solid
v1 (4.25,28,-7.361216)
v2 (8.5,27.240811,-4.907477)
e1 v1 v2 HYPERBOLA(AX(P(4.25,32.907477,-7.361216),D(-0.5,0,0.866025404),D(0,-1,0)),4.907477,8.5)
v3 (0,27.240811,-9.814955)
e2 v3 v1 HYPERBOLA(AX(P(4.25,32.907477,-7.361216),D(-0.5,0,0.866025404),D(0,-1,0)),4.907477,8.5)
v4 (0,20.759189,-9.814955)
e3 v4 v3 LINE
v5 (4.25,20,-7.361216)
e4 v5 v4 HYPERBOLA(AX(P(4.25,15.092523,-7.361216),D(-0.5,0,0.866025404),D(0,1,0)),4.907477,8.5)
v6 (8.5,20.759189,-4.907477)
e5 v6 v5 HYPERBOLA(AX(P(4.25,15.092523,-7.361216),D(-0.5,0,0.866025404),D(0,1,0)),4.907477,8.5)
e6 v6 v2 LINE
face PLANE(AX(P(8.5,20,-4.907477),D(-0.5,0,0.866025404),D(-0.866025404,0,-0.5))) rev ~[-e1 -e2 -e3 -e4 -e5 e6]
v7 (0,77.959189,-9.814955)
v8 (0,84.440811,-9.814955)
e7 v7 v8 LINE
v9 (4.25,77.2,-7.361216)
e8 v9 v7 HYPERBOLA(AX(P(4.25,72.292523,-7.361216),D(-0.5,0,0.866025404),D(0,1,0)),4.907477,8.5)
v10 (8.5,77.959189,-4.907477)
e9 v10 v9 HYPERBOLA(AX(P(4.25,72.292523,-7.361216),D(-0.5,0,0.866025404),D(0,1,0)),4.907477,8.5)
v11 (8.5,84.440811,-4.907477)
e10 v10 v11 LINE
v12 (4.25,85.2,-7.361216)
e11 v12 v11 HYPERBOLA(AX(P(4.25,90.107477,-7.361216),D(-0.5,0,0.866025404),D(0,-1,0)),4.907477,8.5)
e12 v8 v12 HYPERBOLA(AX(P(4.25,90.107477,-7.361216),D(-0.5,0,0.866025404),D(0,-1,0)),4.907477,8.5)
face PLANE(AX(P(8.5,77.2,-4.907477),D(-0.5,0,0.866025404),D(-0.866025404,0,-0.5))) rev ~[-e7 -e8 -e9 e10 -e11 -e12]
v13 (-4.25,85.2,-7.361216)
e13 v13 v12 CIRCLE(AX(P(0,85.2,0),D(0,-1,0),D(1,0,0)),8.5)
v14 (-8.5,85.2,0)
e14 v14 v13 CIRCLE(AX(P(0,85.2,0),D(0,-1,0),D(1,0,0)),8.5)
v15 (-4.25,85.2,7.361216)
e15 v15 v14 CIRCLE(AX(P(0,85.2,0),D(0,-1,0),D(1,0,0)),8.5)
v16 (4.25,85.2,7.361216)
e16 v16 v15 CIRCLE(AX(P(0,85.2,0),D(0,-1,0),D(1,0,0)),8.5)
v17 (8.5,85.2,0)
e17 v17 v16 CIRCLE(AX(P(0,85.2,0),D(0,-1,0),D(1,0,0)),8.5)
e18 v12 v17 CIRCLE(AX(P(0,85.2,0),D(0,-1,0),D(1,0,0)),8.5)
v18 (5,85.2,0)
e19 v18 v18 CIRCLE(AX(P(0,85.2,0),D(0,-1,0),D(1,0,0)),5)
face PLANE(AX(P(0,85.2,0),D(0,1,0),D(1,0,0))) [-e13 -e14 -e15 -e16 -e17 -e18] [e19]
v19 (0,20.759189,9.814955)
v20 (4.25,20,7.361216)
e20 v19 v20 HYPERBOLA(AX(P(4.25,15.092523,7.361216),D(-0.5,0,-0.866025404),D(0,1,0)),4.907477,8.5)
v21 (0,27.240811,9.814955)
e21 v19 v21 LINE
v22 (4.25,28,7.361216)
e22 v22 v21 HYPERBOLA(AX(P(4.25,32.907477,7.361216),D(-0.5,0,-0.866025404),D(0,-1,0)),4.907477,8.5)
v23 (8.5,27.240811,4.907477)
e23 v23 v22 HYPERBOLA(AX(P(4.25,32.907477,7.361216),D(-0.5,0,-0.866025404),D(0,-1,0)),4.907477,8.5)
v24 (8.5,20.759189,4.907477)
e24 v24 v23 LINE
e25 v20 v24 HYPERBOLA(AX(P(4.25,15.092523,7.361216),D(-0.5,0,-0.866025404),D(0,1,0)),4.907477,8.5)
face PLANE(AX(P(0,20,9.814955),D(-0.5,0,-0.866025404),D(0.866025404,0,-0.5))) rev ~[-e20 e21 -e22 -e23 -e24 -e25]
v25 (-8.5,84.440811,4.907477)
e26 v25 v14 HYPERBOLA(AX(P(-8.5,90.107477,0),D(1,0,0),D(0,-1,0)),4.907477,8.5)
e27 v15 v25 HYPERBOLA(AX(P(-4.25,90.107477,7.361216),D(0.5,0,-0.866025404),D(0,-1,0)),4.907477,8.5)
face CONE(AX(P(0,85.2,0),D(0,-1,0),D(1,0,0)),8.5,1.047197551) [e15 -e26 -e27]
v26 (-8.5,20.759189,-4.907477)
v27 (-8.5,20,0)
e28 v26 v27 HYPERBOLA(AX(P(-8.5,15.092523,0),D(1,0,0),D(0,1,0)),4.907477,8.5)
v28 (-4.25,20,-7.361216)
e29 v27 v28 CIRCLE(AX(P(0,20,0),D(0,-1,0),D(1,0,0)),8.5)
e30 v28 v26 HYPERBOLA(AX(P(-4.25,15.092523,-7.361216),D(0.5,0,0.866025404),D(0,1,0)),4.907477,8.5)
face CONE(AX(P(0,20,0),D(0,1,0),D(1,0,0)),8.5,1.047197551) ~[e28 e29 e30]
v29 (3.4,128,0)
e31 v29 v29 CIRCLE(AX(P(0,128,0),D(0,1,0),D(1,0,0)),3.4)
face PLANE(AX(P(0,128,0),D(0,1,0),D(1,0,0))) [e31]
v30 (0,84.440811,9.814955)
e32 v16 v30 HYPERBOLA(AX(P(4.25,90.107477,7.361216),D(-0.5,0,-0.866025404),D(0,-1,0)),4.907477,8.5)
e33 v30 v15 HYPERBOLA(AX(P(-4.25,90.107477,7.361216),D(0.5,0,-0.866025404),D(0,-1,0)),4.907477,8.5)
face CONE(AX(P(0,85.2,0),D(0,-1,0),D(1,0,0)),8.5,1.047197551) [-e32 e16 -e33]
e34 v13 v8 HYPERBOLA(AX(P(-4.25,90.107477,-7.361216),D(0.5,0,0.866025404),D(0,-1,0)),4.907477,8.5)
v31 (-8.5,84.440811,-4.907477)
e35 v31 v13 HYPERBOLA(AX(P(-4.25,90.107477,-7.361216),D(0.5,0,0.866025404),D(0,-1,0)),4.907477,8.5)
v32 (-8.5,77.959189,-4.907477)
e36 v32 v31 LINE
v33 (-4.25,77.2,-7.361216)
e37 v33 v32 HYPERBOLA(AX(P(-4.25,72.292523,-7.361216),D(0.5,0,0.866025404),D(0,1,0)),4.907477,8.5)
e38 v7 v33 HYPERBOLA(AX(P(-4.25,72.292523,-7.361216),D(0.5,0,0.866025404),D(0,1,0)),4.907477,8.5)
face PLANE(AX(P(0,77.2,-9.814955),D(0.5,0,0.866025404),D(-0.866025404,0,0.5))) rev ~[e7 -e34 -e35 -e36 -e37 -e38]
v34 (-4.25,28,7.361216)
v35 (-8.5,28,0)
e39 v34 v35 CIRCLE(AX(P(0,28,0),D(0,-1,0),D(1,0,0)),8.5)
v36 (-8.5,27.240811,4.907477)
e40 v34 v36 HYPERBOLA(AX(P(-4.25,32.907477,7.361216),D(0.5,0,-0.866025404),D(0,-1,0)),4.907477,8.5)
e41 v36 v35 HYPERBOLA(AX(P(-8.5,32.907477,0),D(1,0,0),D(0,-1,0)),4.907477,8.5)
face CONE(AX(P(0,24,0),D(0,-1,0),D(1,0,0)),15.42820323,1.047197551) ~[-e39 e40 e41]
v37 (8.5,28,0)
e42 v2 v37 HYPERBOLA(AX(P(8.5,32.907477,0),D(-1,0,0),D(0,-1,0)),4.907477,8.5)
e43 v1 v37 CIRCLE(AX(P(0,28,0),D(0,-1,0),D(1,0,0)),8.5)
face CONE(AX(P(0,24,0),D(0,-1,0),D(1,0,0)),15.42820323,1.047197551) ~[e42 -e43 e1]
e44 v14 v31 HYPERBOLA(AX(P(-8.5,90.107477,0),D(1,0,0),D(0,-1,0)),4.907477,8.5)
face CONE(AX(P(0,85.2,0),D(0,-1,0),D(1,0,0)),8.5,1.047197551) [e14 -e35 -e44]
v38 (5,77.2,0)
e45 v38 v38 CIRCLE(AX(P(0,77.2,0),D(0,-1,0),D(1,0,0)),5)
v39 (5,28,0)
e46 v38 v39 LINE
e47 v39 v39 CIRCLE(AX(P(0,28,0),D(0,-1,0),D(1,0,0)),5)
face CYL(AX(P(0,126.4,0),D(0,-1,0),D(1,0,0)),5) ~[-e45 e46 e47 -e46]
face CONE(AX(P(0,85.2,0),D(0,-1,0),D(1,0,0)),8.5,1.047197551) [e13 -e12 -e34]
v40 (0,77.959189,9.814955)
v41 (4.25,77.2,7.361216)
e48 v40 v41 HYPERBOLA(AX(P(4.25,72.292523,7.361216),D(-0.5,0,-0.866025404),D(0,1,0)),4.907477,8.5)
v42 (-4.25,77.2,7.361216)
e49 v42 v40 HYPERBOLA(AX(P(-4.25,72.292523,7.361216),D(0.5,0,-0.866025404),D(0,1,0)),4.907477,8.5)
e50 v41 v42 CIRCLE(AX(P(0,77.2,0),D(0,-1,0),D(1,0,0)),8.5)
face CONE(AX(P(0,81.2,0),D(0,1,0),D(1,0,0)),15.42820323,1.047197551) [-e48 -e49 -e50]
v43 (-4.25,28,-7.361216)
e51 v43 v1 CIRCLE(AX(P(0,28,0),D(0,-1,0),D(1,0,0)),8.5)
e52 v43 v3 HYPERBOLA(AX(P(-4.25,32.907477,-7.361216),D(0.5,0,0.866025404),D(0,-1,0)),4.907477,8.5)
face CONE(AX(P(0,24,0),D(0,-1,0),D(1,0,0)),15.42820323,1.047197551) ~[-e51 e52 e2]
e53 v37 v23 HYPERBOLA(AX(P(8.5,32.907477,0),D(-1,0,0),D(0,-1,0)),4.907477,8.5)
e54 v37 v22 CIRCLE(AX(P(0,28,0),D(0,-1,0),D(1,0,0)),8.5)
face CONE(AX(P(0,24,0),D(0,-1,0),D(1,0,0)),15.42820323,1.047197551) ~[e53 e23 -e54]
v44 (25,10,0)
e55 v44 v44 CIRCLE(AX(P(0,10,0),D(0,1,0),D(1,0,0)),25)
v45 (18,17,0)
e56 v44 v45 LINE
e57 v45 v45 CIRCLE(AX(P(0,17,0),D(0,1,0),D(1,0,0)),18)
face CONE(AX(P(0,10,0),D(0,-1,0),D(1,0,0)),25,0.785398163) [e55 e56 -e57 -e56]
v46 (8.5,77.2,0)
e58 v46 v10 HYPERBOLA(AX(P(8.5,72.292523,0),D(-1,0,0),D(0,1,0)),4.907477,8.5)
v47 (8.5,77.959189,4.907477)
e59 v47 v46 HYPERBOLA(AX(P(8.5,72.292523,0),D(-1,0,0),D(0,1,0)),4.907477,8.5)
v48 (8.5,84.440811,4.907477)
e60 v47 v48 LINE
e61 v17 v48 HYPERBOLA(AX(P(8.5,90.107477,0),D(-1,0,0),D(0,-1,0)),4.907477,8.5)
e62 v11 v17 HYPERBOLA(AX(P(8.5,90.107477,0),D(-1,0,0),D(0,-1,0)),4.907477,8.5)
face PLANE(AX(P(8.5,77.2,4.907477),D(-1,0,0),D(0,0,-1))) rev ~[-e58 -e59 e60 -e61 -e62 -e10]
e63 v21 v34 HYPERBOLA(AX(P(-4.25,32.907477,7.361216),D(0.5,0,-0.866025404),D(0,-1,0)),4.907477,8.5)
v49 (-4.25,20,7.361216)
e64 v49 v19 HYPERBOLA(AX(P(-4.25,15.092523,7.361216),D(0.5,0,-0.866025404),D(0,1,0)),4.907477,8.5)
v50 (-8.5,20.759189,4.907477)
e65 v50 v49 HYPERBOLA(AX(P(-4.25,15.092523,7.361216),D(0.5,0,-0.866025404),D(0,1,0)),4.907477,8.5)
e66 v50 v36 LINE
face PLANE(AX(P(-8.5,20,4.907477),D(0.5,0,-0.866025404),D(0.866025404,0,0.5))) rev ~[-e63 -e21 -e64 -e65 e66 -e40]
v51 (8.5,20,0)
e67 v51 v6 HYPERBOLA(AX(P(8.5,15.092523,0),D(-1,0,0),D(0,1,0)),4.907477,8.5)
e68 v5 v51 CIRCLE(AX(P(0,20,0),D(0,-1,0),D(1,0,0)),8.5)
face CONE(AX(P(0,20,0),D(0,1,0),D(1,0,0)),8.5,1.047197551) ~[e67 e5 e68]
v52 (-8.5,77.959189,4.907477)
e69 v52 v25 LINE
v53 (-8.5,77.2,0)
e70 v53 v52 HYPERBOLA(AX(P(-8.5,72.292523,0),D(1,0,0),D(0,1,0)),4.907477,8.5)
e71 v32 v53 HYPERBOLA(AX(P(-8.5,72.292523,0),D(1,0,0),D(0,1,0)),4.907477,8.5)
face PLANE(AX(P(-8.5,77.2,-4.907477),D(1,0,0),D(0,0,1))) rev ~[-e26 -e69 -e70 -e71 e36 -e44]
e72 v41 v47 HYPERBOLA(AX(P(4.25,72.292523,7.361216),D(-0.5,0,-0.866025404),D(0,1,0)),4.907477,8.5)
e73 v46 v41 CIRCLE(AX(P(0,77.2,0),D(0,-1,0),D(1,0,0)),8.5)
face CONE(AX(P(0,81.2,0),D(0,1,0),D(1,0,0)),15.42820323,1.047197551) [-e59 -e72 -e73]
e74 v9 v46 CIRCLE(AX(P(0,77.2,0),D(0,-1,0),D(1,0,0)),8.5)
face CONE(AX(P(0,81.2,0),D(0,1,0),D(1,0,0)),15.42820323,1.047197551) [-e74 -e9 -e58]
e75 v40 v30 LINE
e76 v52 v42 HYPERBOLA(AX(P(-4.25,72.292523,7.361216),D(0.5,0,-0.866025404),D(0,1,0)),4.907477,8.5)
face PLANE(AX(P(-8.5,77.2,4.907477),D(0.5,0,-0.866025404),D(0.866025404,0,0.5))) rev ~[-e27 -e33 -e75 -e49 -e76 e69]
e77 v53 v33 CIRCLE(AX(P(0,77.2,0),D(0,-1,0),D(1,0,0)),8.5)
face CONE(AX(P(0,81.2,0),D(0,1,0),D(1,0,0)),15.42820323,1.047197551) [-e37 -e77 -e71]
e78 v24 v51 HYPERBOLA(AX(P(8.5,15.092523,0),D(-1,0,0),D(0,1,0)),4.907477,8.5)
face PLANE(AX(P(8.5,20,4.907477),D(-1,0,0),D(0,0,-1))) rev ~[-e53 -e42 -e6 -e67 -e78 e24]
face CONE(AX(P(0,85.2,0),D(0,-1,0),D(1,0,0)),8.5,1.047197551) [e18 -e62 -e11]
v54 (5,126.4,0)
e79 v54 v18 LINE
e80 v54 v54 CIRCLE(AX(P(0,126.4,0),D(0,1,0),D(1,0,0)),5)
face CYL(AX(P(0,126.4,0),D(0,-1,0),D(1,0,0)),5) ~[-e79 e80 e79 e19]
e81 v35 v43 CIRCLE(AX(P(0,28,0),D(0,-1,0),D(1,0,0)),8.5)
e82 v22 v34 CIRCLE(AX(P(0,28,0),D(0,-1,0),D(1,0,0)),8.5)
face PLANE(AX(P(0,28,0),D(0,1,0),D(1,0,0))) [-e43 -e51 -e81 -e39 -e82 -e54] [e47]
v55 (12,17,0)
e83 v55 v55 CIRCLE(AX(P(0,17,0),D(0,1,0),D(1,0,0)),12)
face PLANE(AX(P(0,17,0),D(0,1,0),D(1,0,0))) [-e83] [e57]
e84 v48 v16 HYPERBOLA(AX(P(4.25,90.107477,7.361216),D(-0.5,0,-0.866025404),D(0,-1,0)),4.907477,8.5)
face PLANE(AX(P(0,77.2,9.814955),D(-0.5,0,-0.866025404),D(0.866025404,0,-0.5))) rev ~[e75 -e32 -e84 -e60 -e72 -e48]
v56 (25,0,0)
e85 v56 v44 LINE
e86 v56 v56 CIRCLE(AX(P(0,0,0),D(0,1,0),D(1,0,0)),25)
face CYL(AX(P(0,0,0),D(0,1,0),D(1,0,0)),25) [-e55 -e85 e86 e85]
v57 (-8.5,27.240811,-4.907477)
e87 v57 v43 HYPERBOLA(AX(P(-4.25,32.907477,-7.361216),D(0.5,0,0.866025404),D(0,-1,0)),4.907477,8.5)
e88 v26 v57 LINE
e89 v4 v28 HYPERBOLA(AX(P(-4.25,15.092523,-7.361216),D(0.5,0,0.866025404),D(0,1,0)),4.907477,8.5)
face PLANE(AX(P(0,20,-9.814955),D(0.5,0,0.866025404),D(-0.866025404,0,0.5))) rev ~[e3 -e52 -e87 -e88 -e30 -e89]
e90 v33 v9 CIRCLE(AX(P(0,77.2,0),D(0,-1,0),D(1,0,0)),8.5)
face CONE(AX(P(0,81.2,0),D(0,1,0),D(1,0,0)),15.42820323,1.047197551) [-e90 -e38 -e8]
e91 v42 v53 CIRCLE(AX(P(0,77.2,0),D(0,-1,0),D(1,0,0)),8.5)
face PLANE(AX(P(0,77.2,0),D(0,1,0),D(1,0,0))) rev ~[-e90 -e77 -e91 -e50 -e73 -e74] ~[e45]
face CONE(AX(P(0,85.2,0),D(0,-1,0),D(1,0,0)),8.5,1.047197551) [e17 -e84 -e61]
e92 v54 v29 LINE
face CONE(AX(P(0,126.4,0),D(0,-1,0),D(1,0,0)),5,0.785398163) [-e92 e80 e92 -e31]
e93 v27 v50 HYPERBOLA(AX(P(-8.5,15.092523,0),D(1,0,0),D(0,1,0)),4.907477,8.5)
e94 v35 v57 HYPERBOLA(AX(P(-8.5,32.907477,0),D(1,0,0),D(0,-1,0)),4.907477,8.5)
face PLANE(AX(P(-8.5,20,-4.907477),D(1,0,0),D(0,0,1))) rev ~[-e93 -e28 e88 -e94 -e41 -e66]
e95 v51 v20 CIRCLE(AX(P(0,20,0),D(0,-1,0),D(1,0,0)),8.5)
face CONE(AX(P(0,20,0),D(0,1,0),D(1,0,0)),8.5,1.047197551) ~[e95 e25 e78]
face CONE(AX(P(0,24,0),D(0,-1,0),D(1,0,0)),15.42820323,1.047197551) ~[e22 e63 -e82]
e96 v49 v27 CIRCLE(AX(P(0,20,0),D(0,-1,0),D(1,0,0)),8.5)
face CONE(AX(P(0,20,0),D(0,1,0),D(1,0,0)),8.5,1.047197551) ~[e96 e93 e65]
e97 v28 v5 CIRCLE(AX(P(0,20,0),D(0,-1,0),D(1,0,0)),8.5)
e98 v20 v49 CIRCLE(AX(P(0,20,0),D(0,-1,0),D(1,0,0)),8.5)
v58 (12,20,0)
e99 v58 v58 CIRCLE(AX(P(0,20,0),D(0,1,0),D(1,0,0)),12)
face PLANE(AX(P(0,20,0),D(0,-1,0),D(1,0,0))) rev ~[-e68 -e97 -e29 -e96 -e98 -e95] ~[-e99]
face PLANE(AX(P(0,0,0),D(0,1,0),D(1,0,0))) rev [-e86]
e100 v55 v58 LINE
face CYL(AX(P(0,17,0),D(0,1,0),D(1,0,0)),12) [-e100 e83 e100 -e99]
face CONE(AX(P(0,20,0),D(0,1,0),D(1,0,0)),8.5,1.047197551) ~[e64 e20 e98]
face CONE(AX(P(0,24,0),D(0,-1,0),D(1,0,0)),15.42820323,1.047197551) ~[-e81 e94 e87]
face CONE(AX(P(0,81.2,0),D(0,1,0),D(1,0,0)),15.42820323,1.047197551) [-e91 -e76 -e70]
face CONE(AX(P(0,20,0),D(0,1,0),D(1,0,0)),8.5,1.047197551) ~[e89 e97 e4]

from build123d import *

# Parameters (mm, degrees)
EXTRUDE_1_DEPTH = 8
EXTRUDE_2_DEPTH = 8


with BuildPart() as part:
    # Эскиз1 → Повернуть1 (revolve)
    with BuildSketch(Plane.XY, mode=Mode.PRIVATE) as revolve_1_sk:
        Polygon((0, 0), (-25, 0), (-25, 10), (-18, 17), (-12, 17), (-12, 20), (-5, 20), (-5, 28), (-5, 126.4), (-3.4, 128), (0, 128), align=None)
    revolve(revolve_1_sk.sketch.rotate(Axis((0, 0, 0), (0, 1, 0)), 180), axis=Axis((0, 0, 0), (0, 1, 0)))  # turned: the seam where the file's is

    # Эскиз2 → Бобышка-Вытянуть1 (add)
    with BuildSketch(Plane(origin=(0, 20, 0), x_dir=(1, 0, 0), z_dir=(0, 1, 0))):
        Polygon((0, 9.814954576), (-8.5, 4.907477288), (-8.5, -4.907477288), (0, -9.814954576), (8.5, -4.907477288), (8.5, 4.907477288), align=None)
    extrude(amount=EXTRUDE_1_DEPTH)

    # Эскиз3 → Бобышка-Вытянуть2 (add)
    with BuildSketch(Plane(origin=(0, 77.2, 0), x_dir=(1, 0, 0), z_dir=(0, 1, 0))):
        Polygon((8.5, 4.907477288), (0, 9.814954576), (-8.5, 4.907477288), (-8.5, -4.907477288), (0, -9.814954576), (8.5, -4.907477288), align=None)
    extrude(amount=EXTRUDE_2_DEPTH)

    # Эскиз4 → Вырез-Повернуть2 (revolve, cut)
    with BuildSketch(Plane.XY, mode=Mode.PRIVATE) as cut_revolve_2_sk:
        Polygon((-15.42820323, 85.2), (-8.5, 85.2), (-15.42820323, 81.2), align=None)
        Polygon((-15.42820323, 77.2), (-15.42820323, 81.2), (-8.5, 77.2), align=None)
        Polygon((-15.42820323, 28), (-15.42820323, 24), (-8.5, 28), align=None)
        Polygon((-15.42820323, 24), (-15.42820323, 20), (-8.5, 20), align=None)
    revolve(cut_revolve_2_sk.sketch.rotate(Axis((0, 128, 0), (0, -1, 0)), 180), axis=Axis((0, 128, 0), (0, -1, 0)), mode=Mode.SUBTRACT)  # turned: the seam where the file's is


solid = part.part
